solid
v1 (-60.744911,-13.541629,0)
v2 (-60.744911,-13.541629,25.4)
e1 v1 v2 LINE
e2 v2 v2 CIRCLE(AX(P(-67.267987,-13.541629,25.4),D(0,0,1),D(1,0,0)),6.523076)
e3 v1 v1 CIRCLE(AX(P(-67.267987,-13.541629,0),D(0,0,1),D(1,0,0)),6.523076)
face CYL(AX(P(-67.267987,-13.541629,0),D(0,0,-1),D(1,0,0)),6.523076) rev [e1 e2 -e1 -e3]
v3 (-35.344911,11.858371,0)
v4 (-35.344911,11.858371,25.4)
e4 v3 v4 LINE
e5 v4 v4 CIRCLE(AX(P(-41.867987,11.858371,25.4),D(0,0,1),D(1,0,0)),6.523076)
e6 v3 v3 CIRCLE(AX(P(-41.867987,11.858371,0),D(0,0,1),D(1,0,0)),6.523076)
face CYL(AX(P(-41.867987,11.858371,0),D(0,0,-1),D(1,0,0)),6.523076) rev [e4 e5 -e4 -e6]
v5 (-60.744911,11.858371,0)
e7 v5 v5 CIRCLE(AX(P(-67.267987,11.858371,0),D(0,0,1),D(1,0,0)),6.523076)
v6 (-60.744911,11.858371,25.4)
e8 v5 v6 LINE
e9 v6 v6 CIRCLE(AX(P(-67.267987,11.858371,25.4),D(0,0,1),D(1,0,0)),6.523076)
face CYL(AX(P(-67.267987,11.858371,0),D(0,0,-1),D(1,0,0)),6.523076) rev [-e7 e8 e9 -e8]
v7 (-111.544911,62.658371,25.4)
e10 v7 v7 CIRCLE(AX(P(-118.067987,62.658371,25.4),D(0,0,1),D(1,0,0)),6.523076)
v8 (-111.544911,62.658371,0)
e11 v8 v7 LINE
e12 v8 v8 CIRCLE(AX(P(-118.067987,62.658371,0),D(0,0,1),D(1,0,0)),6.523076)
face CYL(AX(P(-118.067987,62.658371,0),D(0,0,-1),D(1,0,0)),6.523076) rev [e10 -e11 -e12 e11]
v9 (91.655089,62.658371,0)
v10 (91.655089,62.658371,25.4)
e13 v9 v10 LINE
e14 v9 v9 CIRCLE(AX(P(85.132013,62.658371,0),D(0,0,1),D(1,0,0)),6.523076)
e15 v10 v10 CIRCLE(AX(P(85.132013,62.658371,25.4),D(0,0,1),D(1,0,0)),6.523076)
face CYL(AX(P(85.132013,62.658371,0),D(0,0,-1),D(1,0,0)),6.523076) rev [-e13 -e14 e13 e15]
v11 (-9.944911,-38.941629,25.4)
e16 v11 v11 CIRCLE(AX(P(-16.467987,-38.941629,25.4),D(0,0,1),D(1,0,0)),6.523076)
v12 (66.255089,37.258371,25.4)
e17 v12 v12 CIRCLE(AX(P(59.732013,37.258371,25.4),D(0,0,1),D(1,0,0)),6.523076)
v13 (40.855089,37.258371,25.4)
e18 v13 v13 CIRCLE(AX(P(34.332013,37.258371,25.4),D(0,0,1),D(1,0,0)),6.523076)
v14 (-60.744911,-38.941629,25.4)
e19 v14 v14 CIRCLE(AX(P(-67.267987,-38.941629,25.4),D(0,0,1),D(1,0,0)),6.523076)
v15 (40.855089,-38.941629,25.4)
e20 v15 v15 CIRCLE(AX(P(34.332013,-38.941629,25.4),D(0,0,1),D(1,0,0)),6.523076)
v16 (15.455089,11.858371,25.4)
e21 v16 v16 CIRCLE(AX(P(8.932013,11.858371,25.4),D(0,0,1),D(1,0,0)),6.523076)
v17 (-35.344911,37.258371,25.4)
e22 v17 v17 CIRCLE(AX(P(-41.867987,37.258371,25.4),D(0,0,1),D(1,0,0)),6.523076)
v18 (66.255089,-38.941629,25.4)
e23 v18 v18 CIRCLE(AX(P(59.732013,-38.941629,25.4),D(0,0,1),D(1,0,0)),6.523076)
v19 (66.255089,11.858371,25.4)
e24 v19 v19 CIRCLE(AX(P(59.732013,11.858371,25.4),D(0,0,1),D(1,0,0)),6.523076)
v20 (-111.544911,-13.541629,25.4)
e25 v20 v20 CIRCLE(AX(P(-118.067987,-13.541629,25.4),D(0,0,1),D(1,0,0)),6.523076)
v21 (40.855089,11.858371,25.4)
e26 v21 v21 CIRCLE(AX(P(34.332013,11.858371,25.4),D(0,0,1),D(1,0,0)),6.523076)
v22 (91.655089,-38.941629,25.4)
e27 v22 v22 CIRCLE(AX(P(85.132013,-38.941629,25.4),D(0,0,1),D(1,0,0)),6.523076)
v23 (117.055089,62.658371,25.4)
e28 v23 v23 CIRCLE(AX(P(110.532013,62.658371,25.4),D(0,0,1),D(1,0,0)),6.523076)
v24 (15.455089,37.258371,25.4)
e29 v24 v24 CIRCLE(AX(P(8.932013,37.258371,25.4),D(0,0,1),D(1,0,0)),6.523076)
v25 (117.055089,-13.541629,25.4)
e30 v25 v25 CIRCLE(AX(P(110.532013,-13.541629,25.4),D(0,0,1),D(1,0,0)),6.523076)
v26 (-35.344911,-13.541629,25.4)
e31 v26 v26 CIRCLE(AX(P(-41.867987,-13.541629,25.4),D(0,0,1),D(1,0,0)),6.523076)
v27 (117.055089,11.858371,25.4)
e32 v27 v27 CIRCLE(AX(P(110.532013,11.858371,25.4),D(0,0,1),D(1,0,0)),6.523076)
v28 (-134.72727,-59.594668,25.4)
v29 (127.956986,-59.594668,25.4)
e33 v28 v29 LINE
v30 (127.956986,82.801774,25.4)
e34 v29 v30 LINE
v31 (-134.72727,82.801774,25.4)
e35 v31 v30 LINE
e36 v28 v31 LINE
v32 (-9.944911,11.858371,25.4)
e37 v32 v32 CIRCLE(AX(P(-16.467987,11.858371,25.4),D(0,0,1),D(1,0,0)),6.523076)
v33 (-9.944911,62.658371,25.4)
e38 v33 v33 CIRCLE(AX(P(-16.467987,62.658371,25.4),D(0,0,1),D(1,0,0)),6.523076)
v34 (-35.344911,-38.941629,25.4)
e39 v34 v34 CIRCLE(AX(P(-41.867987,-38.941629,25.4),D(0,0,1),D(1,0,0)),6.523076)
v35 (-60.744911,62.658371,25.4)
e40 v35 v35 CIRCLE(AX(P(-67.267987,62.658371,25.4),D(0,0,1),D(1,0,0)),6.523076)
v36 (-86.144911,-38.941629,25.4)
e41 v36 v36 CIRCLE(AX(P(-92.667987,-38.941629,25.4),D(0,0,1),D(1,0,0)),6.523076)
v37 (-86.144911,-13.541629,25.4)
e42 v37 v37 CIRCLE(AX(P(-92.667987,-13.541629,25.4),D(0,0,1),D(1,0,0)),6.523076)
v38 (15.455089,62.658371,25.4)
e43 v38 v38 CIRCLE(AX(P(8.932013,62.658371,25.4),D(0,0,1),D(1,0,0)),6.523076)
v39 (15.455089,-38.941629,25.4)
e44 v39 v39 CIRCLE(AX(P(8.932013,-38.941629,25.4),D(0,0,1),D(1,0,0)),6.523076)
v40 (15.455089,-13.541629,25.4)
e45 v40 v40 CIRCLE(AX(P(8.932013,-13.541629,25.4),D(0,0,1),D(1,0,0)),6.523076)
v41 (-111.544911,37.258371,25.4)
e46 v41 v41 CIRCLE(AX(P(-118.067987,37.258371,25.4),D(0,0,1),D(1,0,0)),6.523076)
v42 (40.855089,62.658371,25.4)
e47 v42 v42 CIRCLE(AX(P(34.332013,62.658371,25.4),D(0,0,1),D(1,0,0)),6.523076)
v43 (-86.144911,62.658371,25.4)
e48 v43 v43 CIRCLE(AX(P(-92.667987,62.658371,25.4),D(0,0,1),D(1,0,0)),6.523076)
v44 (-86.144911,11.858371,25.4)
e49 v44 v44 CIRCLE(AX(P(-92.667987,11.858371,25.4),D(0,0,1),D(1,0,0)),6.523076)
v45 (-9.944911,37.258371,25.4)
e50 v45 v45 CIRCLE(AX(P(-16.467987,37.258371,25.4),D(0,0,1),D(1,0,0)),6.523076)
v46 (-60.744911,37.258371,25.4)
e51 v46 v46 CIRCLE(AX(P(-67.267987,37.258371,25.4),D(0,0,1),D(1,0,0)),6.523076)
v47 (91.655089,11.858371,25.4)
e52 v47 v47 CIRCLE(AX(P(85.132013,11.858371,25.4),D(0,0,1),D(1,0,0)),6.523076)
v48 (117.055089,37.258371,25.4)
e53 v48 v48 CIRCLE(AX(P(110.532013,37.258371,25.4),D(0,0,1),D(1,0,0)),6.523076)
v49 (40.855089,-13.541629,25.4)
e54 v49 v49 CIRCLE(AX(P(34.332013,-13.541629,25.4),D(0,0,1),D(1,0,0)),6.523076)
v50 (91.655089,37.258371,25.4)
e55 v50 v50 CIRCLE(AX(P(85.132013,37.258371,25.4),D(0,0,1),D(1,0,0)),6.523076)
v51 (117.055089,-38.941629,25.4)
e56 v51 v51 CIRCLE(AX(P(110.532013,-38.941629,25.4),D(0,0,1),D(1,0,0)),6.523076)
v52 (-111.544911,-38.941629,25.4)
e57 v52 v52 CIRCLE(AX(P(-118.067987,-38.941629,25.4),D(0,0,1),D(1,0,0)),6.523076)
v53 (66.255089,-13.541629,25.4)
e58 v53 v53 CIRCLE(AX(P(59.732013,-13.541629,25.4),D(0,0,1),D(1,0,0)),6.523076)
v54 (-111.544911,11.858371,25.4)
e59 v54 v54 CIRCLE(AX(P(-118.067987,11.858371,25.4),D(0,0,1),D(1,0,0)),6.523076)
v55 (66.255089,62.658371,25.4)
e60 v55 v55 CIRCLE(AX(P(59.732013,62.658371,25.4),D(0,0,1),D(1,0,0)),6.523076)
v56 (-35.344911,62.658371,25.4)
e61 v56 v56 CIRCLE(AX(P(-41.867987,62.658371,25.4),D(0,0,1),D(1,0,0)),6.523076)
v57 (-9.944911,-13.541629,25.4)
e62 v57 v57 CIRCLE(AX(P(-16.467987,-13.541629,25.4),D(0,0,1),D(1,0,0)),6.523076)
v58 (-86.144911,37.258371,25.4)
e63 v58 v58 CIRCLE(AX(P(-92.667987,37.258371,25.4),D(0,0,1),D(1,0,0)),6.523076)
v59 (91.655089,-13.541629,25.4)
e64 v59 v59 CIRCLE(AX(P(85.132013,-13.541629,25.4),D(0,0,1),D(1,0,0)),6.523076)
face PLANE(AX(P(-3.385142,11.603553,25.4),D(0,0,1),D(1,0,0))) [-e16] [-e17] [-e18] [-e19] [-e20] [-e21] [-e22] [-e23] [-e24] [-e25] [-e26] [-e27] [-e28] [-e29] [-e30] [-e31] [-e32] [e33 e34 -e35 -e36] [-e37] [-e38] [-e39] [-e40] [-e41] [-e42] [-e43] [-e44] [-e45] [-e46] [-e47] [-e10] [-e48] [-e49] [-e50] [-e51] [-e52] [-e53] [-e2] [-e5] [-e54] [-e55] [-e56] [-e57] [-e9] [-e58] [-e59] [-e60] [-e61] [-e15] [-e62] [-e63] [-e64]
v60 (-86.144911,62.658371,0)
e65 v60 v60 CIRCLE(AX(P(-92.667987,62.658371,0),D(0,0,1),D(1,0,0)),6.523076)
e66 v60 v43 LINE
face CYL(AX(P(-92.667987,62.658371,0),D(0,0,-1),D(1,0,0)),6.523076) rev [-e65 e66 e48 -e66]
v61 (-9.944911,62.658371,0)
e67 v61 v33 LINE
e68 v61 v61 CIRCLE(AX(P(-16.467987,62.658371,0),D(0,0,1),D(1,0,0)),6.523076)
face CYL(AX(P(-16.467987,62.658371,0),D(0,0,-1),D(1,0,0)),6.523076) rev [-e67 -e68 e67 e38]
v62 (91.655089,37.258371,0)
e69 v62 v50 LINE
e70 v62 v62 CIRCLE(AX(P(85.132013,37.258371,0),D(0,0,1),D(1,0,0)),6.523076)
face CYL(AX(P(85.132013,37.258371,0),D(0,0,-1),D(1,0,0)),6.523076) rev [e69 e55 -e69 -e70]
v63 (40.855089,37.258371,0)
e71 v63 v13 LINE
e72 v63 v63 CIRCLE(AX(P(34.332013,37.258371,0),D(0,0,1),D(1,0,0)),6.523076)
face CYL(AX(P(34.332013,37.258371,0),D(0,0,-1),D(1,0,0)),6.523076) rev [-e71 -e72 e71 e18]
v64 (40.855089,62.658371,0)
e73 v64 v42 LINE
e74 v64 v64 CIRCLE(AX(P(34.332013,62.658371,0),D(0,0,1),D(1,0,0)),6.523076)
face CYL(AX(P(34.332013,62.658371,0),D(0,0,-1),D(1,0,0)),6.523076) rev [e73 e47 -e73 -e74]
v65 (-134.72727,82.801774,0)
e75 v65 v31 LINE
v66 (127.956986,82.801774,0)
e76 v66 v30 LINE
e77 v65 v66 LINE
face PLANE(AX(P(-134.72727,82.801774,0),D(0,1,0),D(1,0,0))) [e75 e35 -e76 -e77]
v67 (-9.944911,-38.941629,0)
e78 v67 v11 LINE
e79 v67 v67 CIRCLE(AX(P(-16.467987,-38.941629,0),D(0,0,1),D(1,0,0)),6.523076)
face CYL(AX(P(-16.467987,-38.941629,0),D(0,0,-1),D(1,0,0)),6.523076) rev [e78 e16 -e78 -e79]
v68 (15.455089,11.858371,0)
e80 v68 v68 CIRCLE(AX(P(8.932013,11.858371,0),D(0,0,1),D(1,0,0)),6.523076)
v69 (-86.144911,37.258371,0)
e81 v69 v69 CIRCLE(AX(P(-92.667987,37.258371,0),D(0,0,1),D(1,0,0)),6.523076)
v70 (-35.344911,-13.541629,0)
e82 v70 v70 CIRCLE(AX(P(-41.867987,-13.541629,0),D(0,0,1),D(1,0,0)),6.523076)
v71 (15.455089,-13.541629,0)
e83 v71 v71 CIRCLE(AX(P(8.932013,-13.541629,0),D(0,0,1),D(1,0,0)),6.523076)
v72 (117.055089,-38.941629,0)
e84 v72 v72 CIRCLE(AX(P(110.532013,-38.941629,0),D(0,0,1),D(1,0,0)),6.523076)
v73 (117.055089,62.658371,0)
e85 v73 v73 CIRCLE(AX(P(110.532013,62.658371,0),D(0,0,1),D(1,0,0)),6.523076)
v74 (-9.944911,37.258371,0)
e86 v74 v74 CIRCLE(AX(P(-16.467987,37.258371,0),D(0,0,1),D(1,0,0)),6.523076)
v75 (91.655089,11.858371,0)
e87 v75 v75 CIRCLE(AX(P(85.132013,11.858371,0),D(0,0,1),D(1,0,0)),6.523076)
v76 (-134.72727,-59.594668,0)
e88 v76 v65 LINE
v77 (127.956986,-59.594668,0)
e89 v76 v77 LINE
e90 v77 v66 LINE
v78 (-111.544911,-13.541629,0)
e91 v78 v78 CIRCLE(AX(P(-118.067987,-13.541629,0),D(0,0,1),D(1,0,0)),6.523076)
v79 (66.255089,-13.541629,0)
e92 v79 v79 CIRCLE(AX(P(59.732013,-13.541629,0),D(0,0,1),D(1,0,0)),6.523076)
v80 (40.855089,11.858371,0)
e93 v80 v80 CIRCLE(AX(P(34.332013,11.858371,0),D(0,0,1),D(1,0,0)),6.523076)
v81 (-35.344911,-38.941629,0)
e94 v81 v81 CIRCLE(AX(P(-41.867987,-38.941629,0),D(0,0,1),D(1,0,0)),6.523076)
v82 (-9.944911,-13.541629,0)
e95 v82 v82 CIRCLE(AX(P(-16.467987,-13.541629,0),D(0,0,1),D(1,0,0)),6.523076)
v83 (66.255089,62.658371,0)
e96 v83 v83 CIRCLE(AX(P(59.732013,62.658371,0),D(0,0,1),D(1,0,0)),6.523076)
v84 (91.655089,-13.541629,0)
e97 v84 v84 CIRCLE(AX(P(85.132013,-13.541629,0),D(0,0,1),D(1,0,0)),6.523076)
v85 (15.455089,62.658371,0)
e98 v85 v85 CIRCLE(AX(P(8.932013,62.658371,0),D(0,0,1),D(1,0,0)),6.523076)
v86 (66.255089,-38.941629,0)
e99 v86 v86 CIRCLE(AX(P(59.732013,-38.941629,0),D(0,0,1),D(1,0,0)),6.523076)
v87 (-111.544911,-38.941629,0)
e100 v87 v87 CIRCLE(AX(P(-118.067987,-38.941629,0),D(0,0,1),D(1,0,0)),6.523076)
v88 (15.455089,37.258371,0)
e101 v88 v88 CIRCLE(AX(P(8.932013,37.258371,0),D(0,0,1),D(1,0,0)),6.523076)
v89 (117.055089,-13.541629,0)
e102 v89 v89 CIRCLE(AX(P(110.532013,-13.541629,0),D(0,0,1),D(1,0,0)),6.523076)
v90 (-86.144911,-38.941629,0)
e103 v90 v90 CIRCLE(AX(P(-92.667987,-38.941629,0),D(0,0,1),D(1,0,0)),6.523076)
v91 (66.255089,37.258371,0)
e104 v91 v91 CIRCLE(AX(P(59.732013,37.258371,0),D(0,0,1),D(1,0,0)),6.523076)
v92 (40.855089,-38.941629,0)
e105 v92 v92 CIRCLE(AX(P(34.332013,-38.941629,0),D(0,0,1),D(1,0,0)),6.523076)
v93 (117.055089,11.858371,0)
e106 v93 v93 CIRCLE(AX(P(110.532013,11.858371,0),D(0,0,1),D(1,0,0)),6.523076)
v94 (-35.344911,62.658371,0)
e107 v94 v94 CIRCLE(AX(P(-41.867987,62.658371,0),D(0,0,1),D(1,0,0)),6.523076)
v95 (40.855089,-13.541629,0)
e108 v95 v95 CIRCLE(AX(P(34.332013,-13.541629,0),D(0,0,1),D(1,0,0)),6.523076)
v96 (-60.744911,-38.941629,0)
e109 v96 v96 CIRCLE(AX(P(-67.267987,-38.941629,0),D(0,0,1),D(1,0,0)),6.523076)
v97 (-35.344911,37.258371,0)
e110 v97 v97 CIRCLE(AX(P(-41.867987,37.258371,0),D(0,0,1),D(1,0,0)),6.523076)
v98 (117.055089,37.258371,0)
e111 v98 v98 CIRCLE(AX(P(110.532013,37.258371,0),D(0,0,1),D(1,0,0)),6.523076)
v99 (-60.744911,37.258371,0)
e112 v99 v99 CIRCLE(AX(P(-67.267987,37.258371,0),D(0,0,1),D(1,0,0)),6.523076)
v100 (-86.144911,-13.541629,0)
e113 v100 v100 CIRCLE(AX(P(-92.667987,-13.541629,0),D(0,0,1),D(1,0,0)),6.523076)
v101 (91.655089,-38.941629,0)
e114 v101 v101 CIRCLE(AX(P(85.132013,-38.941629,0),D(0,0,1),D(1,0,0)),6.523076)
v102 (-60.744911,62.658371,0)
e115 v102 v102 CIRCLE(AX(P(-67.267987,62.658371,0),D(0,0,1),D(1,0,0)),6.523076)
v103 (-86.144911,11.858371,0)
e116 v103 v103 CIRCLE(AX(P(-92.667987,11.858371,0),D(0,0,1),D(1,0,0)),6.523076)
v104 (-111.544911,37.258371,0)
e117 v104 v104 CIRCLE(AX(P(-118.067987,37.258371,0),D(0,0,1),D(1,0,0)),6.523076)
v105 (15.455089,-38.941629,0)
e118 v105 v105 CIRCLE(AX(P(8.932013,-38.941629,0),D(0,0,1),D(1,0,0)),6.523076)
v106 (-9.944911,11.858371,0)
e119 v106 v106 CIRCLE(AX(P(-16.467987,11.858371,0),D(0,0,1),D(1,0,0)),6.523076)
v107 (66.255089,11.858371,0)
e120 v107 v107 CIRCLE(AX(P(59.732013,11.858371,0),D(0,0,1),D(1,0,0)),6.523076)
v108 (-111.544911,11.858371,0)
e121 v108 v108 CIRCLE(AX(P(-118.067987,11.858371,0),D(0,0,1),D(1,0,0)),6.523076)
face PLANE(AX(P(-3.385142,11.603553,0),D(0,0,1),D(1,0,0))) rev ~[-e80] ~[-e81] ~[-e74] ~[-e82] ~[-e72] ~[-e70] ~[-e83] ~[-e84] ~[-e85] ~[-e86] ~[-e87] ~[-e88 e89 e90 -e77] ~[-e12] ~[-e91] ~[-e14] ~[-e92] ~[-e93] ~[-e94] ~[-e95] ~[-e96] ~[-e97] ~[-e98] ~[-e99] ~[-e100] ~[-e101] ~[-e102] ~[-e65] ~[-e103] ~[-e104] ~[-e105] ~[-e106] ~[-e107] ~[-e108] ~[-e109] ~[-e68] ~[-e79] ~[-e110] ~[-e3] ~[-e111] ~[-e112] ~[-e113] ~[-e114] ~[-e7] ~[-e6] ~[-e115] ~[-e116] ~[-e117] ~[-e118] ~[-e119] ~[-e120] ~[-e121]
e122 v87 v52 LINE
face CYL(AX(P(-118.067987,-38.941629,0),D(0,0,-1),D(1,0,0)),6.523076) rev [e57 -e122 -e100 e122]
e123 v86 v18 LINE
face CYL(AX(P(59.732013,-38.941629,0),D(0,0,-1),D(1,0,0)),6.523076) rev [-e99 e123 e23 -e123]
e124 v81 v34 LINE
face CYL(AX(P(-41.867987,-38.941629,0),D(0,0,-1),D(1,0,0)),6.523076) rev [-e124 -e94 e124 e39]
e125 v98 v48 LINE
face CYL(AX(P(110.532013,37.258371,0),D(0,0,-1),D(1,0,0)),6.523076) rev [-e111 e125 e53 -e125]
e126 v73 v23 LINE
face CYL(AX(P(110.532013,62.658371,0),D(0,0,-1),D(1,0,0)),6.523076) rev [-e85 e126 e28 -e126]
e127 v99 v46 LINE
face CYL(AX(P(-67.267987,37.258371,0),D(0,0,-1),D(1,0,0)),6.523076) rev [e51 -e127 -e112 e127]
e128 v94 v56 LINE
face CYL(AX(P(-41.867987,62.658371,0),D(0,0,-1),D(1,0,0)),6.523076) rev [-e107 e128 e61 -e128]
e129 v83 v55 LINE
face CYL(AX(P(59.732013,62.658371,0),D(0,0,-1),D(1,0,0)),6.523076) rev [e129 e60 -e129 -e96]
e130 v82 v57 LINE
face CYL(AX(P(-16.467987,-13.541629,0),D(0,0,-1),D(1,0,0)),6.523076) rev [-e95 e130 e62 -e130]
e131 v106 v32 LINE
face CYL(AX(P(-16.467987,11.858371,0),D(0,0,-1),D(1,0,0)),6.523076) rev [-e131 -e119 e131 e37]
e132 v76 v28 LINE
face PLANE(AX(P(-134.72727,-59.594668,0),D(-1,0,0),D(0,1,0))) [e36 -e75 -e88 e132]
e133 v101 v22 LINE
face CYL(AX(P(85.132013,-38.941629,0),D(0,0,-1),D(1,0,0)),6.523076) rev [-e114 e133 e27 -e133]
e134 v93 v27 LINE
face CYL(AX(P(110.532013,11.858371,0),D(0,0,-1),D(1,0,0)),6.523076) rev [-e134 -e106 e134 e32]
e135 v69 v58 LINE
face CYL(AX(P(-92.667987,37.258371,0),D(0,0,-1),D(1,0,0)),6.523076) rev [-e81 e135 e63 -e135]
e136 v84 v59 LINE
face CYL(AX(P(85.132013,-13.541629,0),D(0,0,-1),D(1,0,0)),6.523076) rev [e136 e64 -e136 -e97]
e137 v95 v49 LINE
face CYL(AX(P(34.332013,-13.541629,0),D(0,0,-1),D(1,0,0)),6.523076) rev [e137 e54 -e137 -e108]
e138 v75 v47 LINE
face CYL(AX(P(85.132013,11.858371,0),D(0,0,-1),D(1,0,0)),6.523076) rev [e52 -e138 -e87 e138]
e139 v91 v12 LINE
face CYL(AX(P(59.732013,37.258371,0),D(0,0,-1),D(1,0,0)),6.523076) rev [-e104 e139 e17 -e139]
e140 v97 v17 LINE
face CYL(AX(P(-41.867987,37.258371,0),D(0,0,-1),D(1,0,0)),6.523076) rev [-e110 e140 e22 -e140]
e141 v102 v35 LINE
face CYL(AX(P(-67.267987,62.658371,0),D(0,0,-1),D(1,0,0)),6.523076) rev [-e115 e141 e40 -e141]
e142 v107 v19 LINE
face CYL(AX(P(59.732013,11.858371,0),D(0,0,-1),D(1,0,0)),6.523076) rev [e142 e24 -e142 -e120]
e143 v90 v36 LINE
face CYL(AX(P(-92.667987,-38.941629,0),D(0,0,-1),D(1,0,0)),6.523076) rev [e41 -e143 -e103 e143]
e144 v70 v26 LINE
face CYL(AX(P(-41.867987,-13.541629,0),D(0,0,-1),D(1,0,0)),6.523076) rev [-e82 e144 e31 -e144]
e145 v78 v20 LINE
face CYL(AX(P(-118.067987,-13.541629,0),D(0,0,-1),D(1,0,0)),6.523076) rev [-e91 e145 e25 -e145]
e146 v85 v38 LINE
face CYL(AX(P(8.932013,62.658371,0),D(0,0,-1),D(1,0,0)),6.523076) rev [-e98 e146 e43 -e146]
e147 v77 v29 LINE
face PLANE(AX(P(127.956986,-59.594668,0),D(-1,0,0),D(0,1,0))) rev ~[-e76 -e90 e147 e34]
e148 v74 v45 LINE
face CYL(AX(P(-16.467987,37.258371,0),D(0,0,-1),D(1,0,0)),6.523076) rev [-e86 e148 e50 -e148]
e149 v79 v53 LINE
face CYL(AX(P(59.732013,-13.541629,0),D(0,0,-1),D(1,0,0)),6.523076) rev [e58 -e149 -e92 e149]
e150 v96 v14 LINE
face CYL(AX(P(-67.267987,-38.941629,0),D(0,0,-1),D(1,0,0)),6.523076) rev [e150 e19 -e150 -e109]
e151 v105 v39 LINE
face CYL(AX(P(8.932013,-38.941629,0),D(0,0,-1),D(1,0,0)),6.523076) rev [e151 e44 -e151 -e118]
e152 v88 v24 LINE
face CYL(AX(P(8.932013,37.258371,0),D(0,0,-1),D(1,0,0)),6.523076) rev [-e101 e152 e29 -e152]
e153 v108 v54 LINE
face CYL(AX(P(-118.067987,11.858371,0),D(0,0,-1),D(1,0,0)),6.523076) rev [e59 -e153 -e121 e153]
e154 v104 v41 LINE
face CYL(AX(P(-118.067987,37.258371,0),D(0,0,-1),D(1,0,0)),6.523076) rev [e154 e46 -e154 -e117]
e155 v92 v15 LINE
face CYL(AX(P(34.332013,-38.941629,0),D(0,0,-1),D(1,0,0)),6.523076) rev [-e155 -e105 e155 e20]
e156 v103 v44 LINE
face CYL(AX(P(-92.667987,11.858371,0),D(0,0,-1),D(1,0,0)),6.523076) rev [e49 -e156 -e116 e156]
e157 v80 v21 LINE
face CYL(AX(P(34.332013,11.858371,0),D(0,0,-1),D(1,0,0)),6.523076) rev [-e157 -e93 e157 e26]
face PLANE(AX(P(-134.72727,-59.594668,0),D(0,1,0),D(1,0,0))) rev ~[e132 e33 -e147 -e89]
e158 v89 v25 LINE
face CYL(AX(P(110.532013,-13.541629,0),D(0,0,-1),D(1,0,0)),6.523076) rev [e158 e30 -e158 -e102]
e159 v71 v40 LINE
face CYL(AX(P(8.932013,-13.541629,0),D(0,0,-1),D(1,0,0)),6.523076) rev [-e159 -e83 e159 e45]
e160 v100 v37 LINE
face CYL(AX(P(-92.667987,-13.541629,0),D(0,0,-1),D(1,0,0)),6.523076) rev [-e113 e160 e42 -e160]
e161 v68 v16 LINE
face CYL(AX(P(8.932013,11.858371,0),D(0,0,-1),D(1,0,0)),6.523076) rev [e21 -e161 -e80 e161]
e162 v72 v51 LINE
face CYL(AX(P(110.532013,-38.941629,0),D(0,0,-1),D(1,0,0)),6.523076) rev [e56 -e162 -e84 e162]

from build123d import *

# Parameters (mm, degrees)
F0_W     = 262.684255
F0_H     = 142.396442
F0_R     = 6.523076
F1_DEPTH = 25.4


with BuildPart() as f1:
    # F0 (on Top) → F1 (new body)
    with BuildSketch(Plane.XY):
        with Locations((-3.385142, 11.603553)):
            Rectangle(F0_W, F0_H)
        with Locations((-118.067987, -38.941629)):
            Circle(F0_R, mode=Mode.SUBTRACT)
        with Locations((-92.667987, -38.941629)):
            Circle(F0_R, mode=Mode.SUBTRACT)
        with Locations((-67.267987, -38.941629)):
            Circle(F0_R, mode=Mode.SUBTRACT)
        with Locations((-41.867987, -38.941629)):
            Circle(F0_R, mode=Mode.SUBTRACT)
        with Locations((-16.467987, -38.941629)):
            Circle(F0_R, mode=Mode.SUBTRACT)
        with Locations((-118.067987, -13.541629)):
            Circle(F0_R, mode=Mode.SUBTRACT)
        with Locations((-92.667987, -13.541629)):
            Circle(F0_R, mode=Mode.SUBTRACT)
        with Locations((-67.267987, -13.541629)):
            Circle(F0_R, mode=Mode.SUBTRACT)
        with Locations((-41.867987, -13.541629)):
            Circle(F0_R, mode=Mode.SUBTRACT)
        with Locations((-16.467987, -13.541629)):
            Circle(F0_R, mode=Mode.SUBTRACT)
        with Locations((8.932013, -38.941629)):
            Circle(F0_R, mode=Mode.SUBTRACT)
        with Locations((34.332013, -38.941629)):
            Circle(F0_R, mode=Mode.SUBTRACT)
        with Locations((59.732013, -38.941629)):
            Circle(F0_R, mode=Mode.SUBTRACT)
        with Locations((85.132013, -38.941629)):
            Circle(F0_R, mode=Mode.SUBTRACT)
        with Locations((110.532013, -38.941629)):
            Circle(F0_R, mode=Mode.SUBTRACT)
        with Locations((8.932013, -13.541629)):
            Circle(F0_R, mode=Mode.SUBTRACT)
        with Locations((34.332013, -13.541629)):
            Circle(F0_R, mode=Mode.SUBTRACT)
        with Locations((59.732013, -13.541629)):
            Circle(F0_R, mode=Mode.SUBTRACT)
        with Locations((85.132013, -13.541629)):
            Circle(F0_R, mode=Mode.SUBTRACT)
        with Locations((110.532013, -13.541629)):
            Circle(F0_R, mode=Mode.SUBTRACT)
        with Locations((-118.067987, 11.858371)):
            Circle(F0_R, mode=Mode.SUBTRACT)
        with Locations((-92.667987, 11.858371)):
            Circle(F0_R, mode=Mode.SUBTRACT)
        with Locations((-118.067987, 37.258371)):
            Circle(F0_R, mode=Mode.SUBTRACT)
        with Locations((-92.667987, 37.258371)):
            Circle(F0_R, mode=Mode.SUBTRACT)
        with Locations((-67.267987, 11.858371)):
            Circle(F0_R, mode=Mode.SUBTRACT)
        with Locations((-41.867987, 11.858371)):
            Circle(F0_R, mode=Mode.SUBTRACT)
        with Locations((-16.467987, 11.858371)):
            Circle(F0_R, mode=Mode.SUBTRACT)
        with Locations((-67.267987, 37.258371)):
            Circle(F0_R, mode=Mode.SUBTRACT)
        with Locations((-41.867987, 37.258371)):
            Circle(F0_R, mode=Mode.SUBTRACT)
        with Locations((-16.467987, 37.258371)):
            Circle(F0_R, mode=Mode.SUBTRACT)
        with Locations((-118.067987, 62.658371)):
            Circle(F0_R, mode=Mode.SUBTRACT)
        with Locations((-92.667987, 62.658371)):
            Circle(F0_R, mode=Mode.SUBTRACT)
        with Locations((-67.267987, 62.658371)):
            Circle(F0_R, mode=Mode.SUBTRACT)
        with Locations((-41.867987, 62.658371)):
            Circle(F0_R, mode=Mode.SUBTRACT)
        with Locations((-16.467987, 62.658371)):
            Circle(F0_R, mode=Mode.SUBTRACT)
        with Locations((8.932013, 11.858371)):
            Circle(F0_R, mode=Mode.SUBTRACT)
        with Locations((34.332013, 11.858371)):
            Circle(F0_R, mode=Mode.SUBTRACT)
        with Locations((59.732013, 11.858371)):
            Circle(F0_R, mode=Mode.SUBTRACT)
        with Locations((8.932013, 37.258371)):
            Circle(F0_R, mode=Mode.SUBTRACT)
        with Locations((34.332013, 37.258371)):
            Circle(F0_R, mode=Mode.SUBTRACT)
        with Locations((59.732013, 37.258371)):
            Circle(F0_R, mode=Mode.SUBTRACT)
        with Locations((85.132013, 11.858371)):
            Circle(F0_R, mode=Mode.SUBTRACT)
        with Locations((110.532013, 11.858371)):
            Circle(F0_R, mode=Mode.SUBTRACT)
        with Locations((85.132013, 37.258371)):
            Circle(F0_R, mode=Mode.SUBTRACT)
        with Locations((110.532013, 37.258371)):
            Circle(F0_R, mode=Mode.SUBTRACT)
        with Locations((8.932013, 62.658371)):
            Circle(F0_R, mode=Mode.SUBTRACT)
        with Locations((34.332013, 62.658371)):
            Circle(F0_R, mode=Mode.SUBTRACT)
        with Locations((59.732013, 62.658371)):
            Circle(F0_R, mode=Mode.SUBTRACT)
        with Locations((85.132013, 62.658371)):
            Circle(F0_R, mode=Mode.SUBTRACT)
        with Locations((110.532013, 62.658371)):
            Circle(F0_R, mode=Mode.SUBTRACT)
    extrude(amount=F1_DEPTH)


solid = f1.part
